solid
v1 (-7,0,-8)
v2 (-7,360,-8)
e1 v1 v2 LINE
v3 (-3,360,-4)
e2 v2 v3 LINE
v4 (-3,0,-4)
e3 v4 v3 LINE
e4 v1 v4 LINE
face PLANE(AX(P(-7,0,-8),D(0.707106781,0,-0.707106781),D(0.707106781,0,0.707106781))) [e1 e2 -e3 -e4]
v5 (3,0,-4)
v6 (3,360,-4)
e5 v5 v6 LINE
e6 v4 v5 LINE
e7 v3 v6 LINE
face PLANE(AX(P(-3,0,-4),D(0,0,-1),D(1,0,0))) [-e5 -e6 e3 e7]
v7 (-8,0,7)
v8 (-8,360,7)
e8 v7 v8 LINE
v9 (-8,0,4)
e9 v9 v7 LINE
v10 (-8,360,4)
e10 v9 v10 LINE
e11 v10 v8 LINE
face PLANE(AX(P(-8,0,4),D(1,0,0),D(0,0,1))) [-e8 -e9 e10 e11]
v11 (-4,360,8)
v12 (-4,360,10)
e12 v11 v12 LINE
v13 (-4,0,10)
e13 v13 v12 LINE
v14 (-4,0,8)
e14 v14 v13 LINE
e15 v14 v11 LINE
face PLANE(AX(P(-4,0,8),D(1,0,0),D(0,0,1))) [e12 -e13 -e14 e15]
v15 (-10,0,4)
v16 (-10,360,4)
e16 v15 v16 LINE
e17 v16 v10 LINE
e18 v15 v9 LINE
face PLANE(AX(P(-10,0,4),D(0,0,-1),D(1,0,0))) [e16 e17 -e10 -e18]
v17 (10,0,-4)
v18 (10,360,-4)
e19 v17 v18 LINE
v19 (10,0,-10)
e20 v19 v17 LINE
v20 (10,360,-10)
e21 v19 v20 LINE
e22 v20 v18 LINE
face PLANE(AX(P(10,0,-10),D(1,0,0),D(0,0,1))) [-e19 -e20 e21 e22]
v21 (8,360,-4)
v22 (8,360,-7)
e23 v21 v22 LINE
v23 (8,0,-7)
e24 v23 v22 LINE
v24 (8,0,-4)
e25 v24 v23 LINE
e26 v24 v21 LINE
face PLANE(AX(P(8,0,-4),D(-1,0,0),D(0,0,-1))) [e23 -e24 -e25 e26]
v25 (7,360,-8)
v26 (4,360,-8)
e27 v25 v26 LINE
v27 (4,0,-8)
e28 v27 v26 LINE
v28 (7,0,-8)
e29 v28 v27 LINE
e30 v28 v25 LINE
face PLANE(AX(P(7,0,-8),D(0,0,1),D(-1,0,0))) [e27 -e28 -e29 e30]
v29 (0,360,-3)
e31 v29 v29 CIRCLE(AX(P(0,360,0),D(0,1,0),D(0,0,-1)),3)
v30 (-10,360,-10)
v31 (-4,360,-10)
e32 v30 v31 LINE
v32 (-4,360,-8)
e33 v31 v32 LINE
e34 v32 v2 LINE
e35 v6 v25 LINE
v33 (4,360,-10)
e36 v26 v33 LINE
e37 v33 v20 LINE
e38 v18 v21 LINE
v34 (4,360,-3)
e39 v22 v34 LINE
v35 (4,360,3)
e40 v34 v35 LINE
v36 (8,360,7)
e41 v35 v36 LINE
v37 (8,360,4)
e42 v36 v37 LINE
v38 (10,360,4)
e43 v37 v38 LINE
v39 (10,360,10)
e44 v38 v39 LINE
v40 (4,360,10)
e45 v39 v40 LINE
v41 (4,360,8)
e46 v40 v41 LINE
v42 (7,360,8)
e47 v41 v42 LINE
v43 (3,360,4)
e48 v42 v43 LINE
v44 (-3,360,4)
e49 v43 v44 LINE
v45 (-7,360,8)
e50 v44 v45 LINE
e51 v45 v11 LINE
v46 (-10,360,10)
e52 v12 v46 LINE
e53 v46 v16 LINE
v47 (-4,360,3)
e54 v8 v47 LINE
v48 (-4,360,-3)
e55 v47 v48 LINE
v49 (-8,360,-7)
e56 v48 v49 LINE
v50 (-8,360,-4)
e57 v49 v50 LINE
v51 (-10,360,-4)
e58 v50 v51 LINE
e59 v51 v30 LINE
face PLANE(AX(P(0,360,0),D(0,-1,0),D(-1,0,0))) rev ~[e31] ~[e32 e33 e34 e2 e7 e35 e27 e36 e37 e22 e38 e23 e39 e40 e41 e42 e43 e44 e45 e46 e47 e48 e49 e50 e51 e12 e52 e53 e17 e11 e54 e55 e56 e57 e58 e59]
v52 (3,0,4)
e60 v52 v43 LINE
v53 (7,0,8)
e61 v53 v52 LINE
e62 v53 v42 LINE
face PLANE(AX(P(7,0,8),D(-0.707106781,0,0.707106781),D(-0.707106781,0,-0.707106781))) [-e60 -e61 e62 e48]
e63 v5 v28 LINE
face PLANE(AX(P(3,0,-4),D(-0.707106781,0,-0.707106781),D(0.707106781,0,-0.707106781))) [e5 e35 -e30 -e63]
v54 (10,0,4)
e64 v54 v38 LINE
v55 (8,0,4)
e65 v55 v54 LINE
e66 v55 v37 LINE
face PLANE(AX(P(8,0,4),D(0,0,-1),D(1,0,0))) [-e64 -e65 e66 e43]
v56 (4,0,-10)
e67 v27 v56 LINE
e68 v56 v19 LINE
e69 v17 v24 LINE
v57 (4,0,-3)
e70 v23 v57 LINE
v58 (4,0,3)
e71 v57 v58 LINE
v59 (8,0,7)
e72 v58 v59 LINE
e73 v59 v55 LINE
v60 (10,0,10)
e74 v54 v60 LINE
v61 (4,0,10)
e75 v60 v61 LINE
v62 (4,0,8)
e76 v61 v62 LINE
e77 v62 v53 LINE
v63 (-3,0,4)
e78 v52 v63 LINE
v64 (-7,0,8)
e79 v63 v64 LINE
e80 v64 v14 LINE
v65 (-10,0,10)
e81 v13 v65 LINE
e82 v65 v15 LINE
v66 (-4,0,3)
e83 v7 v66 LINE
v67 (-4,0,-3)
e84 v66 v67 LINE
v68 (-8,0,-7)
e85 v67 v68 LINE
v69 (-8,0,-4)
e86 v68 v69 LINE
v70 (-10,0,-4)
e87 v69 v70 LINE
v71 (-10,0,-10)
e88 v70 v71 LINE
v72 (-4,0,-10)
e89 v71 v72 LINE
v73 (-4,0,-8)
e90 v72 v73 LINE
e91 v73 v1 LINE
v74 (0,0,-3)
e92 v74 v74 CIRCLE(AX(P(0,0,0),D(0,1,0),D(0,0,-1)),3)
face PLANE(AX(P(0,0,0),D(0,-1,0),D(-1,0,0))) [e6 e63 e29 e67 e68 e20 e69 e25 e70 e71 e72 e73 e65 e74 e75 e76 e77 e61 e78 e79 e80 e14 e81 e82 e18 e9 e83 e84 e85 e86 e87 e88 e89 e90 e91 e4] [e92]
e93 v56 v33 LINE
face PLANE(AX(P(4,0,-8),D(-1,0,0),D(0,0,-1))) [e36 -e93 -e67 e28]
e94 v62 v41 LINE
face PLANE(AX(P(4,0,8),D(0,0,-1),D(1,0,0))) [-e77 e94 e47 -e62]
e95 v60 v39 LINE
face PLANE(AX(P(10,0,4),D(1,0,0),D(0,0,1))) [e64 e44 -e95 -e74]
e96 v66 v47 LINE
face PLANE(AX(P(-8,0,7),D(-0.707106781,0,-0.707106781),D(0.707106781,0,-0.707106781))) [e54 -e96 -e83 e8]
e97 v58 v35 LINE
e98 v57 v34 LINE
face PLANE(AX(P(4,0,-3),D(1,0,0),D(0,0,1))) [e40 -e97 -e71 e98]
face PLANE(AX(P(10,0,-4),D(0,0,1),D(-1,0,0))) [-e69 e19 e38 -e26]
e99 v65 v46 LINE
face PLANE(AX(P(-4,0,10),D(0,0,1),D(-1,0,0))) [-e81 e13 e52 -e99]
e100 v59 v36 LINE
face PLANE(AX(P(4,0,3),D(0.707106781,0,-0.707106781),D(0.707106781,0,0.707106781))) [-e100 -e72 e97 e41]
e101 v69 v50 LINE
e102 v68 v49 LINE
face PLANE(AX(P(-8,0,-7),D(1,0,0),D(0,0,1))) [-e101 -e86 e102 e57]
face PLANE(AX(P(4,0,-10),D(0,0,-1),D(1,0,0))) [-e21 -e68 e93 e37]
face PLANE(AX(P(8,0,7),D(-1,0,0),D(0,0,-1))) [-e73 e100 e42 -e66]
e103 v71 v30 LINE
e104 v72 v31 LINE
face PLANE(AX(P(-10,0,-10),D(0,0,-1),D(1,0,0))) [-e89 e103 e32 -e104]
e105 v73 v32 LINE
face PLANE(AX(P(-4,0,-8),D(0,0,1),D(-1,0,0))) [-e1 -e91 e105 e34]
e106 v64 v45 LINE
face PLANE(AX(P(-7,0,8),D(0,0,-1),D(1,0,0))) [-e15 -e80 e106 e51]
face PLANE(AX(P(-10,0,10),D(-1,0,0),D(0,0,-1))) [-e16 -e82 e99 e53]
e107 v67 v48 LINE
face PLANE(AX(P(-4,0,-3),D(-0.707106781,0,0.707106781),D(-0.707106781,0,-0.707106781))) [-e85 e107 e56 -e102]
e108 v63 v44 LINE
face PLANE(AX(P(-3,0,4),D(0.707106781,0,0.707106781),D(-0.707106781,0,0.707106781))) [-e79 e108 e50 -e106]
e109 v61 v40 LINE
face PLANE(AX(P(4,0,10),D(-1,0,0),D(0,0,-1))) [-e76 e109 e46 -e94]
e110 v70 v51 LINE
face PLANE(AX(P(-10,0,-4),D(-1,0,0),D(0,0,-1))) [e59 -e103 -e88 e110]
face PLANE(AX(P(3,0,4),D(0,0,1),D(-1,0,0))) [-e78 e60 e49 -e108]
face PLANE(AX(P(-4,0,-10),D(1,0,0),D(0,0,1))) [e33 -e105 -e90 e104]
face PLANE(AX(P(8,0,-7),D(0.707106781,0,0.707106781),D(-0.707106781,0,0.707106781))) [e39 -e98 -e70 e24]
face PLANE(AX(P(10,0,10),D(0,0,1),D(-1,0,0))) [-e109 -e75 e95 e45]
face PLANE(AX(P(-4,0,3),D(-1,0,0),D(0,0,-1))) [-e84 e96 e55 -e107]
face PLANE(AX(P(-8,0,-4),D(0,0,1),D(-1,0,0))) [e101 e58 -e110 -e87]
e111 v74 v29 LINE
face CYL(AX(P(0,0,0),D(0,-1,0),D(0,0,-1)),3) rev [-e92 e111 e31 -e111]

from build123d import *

# Parameters (mm, degrees)
F_2020_SKETCH_R     = 3
BOSS_EXTRUDE1_DEPTH = 360


with BuildPart() as part:
    # 2020 sketch → Boss-Extrude1 (new body)
    with BuildSketch(Plane(origin=(0, 0, 0), x_dir=(1, 0, 0), z_dir=(0, 1, 0))):
        Polygon((-4, 10), (-4, 8), (-7, 8), (-3, 4), (3, 4), (7, 8), (4, 8), (4, 10), (10, 10), (10, 4), (8, 4), (8, 7), (4, 3), (4, -3), (8, -7), (8, -4), (10, -4), (10, -10), (4, -10), (4, -8), (7, -8), (3, -4), (-3, -4), (-7, -8), (-4, -8), (-4, -10), (-10, -10), (-10, -4), (-8, -4), (-8, -7), (-4, -3), (-4, 3), (-8, 7), (-8, 4), (-10, 4), (-10, 10), align=None)
        with Locations(Location((0, 0, 0), (0, 0, 90))):
            Circle(F_2020_SKETCH_R, mode=Mode.SUBTRACT)
    extrude(amount=BOSS_EXTRUDE1_DEPTH)


solid = part.part
